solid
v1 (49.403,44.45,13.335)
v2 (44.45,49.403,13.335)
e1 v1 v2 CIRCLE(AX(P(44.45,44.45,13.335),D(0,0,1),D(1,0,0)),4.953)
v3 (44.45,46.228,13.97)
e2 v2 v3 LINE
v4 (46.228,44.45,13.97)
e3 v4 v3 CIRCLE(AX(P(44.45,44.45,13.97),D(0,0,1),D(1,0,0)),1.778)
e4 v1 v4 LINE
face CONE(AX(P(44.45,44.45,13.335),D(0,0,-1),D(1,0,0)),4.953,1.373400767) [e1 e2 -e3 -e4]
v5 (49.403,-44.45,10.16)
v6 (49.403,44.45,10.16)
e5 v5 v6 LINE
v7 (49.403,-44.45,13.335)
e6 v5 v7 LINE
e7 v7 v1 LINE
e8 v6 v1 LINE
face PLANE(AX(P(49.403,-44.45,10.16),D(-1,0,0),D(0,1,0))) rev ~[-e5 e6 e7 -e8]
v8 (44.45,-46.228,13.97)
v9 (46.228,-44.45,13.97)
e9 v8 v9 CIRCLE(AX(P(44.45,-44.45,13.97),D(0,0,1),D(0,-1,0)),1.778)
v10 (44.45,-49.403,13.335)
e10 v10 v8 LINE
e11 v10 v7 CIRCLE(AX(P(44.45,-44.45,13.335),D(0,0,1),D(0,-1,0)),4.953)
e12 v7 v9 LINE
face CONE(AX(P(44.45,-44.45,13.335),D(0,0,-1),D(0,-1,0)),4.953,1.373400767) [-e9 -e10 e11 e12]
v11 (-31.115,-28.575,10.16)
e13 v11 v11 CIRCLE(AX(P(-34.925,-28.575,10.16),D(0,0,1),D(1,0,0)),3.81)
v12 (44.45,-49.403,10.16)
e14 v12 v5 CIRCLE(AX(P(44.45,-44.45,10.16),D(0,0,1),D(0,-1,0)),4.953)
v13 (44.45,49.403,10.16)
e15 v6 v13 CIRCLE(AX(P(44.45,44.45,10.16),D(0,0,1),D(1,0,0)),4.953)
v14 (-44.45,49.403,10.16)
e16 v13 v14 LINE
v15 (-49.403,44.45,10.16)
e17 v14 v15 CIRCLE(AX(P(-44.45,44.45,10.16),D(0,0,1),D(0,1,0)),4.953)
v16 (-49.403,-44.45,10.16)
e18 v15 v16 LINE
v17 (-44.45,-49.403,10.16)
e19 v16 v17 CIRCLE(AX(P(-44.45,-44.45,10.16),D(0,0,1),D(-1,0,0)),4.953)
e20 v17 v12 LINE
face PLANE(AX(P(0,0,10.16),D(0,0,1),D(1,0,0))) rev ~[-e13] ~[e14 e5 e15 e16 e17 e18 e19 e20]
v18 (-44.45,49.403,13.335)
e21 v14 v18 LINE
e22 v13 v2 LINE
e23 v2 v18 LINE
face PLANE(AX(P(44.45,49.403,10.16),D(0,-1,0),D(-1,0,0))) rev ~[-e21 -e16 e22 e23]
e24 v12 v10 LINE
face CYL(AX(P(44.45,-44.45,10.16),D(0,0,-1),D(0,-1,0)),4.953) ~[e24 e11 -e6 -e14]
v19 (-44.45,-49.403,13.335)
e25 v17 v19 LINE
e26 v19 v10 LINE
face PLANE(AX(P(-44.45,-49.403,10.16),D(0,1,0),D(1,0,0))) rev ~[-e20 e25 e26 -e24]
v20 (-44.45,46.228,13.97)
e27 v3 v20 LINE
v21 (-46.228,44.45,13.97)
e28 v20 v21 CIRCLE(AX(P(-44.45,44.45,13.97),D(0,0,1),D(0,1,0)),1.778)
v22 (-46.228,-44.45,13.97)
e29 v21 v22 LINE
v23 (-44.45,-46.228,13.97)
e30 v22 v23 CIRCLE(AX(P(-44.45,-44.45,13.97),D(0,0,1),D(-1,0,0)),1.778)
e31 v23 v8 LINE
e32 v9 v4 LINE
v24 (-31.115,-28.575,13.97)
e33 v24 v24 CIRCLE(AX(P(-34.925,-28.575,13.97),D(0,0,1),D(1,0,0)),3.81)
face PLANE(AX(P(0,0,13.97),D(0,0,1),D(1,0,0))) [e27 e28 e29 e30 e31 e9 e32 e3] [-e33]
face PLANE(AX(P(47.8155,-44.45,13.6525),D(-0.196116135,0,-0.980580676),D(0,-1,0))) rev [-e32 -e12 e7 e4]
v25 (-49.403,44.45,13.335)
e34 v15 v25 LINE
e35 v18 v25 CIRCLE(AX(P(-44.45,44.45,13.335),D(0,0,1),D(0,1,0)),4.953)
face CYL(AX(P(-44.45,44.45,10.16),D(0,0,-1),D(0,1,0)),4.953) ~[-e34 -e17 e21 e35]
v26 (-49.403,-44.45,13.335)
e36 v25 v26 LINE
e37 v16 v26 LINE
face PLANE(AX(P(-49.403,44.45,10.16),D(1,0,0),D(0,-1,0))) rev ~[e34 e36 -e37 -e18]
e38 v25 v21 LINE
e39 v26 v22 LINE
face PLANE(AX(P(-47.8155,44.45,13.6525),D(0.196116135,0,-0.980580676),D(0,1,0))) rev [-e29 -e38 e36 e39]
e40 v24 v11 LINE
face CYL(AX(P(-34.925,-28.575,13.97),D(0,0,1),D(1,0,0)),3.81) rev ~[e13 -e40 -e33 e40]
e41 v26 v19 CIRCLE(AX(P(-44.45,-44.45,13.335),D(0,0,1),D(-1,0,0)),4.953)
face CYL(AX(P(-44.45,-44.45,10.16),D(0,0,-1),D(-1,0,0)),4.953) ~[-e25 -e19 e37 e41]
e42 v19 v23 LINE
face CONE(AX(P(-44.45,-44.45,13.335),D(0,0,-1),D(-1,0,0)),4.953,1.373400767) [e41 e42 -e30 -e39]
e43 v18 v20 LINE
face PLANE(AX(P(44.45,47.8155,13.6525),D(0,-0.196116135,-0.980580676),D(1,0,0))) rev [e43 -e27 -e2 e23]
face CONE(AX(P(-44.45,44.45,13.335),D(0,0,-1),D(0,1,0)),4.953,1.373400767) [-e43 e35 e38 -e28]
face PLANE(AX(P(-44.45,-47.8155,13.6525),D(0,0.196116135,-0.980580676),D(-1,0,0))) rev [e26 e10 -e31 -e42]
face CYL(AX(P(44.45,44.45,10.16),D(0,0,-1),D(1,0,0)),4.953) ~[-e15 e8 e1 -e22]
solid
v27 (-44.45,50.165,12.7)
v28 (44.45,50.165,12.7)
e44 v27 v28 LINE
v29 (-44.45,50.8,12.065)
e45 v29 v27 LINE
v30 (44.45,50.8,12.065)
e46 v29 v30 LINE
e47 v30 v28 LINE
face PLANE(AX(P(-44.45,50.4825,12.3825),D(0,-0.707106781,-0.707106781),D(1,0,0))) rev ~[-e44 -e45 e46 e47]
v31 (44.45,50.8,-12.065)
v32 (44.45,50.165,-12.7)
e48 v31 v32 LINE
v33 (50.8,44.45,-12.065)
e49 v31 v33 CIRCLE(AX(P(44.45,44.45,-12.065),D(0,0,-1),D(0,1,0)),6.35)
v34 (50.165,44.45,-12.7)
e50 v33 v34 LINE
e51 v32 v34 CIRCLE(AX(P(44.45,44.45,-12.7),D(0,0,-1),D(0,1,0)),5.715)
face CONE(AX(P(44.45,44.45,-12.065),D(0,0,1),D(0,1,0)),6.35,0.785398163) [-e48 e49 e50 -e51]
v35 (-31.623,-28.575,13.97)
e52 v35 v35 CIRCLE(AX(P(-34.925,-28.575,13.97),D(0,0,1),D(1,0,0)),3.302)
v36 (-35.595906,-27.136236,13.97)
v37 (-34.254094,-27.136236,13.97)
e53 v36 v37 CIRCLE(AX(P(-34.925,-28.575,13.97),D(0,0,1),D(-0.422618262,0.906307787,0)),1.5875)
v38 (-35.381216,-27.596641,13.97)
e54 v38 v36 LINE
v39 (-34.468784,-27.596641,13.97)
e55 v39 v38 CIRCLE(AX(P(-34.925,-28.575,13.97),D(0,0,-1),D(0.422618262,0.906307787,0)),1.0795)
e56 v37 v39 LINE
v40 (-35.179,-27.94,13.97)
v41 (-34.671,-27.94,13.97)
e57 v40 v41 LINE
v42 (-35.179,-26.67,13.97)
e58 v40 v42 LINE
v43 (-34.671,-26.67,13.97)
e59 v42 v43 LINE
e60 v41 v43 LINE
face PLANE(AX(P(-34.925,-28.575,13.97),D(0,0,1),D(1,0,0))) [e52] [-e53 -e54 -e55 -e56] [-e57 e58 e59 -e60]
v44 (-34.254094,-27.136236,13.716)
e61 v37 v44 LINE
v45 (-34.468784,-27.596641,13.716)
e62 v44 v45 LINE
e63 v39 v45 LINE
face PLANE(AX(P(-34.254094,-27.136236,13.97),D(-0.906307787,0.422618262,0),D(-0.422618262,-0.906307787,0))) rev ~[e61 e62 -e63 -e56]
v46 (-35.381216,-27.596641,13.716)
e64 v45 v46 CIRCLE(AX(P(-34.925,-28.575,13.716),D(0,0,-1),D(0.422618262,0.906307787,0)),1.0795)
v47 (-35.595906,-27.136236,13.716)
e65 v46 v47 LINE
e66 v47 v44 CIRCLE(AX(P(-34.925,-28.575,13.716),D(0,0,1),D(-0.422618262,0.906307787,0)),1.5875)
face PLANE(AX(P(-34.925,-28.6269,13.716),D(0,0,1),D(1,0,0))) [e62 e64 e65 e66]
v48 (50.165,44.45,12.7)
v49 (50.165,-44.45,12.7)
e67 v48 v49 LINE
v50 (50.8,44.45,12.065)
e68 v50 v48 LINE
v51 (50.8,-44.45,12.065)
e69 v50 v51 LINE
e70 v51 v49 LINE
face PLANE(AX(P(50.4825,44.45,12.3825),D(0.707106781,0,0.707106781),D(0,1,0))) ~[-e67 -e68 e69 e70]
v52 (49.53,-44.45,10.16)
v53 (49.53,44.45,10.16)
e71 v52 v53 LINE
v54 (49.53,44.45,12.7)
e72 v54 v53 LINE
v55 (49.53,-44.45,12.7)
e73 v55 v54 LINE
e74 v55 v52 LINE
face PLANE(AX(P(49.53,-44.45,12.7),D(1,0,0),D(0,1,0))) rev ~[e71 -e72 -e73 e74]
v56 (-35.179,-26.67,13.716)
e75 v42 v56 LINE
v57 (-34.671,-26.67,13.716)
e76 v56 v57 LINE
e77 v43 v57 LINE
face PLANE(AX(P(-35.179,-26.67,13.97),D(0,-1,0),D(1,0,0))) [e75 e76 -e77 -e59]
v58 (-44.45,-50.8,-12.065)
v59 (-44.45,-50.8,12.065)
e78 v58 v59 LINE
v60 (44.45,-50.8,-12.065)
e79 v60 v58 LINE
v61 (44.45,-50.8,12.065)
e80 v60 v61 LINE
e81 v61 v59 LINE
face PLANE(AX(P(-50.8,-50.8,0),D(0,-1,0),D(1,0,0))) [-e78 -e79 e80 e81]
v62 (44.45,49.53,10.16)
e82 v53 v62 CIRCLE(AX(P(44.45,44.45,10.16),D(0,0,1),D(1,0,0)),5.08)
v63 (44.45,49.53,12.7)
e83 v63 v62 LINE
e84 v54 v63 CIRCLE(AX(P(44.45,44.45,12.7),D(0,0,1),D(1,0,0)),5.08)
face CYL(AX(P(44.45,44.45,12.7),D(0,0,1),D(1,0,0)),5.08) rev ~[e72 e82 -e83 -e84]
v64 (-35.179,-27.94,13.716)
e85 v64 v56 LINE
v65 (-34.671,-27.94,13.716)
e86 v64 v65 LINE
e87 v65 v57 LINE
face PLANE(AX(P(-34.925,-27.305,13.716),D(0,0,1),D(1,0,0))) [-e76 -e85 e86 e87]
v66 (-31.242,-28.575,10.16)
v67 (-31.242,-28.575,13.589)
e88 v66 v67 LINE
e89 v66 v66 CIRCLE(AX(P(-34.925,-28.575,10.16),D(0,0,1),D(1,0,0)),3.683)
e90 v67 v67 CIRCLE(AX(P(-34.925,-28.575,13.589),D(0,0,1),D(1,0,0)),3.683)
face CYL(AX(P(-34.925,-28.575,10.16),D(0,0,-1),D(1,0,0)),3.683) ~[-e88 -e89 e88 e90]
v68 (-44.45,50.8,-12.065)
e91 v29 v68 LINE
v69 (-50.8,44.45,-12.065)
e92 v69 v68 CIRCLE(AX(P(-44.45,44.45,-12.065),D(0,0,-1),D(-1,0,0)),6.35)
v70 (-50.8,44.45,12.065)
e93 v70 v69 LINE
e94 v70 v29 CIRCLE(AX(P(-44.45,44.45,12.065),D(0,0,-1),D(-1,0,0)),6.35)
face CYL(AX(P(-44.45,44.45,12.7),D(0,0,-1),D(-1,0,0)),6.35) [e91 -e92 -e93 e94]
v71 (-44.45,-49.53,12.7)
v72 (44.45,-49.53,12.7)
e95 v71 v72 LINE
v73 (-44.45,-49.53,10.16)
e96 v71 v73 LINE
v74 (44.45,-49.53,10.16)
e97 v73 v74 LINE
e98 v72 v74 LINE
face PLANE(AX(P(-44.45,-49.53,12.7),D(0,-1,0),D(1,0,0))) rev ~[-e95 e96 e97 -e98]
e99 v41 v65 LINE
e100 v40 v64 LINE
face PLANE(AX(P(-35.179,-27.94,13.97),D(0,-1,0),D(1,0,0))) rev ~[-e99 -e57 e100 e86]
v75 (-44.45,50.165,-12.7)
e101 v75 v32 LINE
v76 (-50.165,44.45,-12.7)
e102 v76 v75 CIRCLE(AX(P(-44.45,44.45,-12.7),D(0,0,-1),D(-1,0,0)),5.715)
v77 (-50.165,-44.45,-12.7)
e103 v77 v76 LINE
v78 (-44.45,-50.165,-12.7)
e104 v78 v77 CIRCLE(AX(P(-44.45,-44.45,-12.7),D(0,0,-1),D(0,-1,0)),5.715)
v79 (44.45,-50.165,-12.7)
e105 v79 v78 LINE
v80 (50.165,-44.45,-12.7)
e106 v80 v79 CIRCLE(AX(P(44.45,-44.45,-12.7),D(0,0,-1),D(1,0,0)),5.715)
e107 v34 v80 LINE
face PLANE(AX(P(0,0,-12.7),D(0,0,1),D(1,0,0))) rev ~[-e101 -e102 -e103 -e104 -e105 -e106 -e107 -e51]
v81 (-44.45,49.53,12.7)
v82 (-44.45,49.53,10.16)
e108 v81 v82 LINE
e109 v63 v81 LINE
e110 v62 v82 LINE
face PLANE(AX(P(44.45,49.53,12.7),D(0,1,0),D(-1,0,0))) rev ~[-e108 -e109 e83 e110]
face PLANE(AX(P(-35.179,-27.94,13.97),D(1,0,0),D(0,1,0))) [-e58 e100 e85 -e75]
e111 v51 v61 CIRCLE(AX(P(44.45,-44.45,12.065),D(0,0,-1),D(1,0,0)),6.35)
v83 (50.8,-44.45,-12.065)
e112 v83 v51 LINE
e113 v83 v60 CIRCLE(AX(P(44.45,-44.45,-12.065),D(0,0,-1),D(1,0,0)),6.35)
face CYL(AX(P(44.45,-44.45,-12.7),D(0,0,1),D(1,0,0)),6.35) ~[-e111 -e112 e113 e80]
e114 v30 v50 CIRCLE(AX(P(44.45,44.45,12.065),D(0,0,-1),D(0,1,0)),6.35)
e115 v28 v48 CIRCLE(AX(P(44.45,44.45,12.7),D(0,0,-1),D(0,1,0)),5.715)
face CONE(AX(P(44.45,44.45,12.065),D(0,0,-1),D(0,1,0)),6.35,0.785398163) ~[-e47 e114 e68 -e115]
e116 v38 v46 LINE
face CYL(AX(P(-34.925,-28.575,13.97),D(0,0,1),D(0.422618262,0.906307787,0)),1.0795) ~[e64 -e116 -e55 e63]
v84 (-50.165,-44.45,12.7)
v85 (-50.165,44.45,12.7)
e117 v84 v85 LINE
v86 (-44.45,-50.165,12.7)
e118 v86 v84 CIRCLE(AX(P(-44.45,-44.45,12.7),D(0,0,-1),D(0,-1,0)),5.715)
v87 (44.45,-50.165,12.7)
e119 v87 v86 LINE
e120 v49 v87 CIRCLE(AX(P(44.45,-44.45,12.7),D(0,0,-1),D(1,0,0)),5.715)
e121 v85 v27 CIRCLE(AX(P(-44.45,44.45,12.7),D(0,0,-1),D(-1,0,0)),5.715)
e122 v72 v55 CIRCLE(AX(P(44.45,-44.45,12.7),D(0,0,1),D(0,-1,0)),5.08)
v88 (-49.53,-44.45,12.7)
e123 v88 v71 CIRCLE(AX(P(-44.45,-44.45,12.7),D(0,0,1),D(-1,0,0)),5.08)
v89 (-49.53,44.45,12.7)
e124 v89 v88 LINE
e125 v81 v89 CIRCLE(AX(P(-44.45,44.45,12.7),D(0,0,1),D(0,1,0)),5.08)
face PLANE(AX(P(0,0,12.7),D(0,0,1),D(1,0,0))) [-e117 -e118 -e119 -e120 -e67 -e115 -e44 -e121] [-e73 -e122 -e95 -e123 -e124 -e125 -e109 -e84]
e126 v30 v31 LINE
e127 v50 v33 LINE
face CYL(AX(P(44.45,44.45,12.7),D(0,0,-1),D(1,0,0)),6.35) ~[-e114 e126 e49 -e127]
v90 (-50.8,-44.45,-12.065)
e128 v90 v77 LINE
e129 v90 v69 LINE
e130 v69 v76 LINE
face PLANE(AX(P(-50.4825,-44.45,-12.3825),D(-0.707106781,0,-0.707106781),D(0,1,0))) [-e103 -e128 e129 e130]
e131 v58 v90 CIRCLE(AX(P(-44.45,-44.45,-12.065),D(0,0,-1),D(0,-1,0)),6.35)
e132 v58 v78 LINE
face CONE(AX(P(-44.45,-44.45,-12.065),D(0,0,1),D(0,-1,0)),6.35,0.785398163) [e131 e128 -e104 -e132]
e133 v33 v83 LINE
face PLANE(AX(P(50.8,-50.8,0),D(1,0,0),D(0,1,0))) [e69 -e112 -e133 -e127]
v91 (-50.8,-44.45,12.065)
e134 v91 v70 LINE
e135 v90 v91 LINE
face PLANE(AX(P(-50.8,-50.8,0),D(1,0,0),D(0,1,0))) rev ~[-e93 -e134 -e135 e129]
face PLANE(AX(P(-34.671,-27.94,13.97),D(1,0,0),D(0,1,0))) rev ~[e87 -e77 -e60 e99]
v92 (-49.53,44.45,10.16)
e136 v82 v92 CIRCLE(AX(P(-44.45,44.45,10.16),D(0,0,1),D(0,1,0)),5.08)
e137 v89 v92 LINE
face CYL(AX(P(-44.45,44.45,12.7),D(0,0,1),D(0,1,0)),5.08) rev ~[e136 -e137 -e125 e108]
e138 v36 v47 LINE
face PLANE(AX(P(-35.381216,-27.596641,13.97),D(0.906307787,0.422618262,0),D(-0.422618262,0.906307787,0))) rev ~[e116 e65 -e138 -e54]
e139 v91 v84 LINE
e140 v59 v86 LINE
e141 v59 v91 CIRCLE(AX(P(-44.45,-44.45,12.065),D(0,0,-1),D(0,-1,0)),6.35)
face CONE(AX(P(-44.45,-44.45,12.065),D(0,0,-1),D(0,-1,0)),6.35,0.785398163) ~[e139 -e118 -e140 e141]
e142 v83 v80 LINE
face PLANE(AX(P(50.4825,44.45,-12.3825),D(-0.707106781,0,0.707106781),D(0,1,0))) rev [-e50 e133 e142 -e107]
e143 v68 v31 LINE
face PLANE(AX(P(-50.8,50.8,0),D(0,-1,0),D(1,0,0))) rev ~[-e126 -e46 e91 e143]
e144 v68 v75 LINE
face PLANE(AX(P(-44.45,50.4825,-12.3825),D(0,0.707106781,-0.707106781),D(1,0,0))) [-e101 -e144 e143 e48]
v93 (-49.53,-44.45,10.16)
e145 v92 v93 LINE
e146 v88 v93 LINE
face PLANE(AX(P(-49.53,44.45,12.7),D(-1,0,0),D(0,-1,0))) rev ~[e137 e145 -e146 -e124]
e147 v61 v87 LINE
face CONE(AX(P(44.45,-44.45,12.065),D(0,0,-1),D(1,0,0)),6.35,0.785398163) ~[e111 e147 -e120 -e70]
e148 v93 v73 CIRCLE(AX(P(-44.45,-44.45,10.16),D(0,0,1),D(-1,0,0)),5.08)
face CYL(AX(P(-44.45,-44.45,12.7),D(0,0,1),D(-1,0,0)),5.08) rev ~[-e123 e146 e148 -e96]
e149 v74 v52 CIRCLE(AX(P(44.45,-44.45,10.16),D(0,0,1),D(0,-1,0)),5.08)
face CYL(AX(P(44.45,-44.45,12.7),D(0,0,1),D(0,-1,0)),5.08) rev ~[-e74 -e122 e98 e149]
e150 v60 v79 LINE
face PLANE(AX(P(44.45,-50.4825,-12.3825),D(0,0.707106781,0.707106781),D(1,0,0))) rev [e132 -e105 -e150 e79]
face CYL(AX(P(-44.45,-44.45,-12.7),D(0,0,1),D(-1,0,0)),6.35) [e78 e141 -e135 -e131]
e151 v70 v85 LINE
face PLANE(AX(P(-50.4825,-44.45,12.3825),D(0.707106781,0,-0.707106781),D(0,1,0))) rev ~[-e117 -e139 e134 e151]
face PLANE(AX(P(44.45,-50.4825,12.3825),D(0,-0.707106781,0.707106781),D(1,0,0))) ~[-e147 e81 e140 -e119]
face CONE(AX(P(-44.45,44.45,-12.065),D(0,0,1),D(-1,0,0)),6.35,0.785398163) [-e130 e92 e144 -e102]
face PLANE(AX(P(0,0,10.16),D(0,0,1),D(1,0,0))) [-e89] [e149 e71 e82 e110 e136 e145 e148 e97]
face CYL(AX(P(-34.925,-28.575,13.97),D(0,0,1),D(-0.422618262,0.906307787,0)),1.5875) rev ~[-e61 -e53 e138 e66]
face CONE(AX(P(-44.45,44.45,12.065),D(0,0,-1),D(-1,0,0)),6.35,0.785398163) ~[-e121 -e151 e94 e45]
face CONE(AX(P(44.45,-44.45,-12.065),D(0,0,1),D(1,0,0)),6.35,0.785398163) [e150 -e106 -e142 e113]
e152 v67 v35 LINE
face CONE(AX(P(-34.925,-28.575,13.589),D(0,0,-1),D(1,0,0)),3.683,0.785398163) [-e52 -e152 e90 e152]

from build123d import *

# Parameters (mm, degrees)
F0_W      = 101.6
F0_H      = 101.6
F1_DEPTH  = 12.7
F2_R      = 6.35
F4_DEPTH  = 2.54
F6_DEPTH  = 3.81
F7_SIZE   = 0.635
F8_SIZE2  = 3.175
F8_SIZE   = 0.635
F9_R      = 3.81
F10_DEPTH = 3.81
F11_R     = 3.683
F12_DEPTH = 3.81
F13_SIZE  = 0.381
F14_W     = 0.508
F14_H     = 1.27
F15_DEPTH = 0.254


with BuildPart() as f1:
    # F0 (on Top) → F1 (new body, symmetric)
    with BuildSketch(Plane.XY):
        Rectangle(F0_W, F0_H)
    extrude(amount=F1_DEPTH, both=True)

    # F2
    f2_edges = [f1.edges().sort_by_distance(p)[0] for p in [
        (-50.8, 50.8, 0),
        (50.8, 50.8, 0),
        (50.8, -50.8, 0),
        (-50.8, -50.8, 0),
    ]]
    fillet(f2_edges, radius=F2_R)

    # F3 (on face) → F4 (cut)
    with BuildSketch(Plane.XY.offset(12.7)):
        with BuildLine():
            Line((44.45, 49.53), (-44.45, 49.53))
            ThreePointArc((-44.45, 49.53), (-48.0421024484, 48.0421024484), (-49.53, 44.45))
            Line((-49.53, 44.45), (-49.53, -44.45))
            ThreePointArc((-49.53, -44.45), (-48.0421024484, -48.0421024484), (-44.45, -49.53))
            Line((-44.45, -49.53), (44.45, -49.53))
            ThreePointArc((44.45, -49.53), (48.0421024484, -48.0421024484), (49.53, -44.45))
            Line((49.53, -44.45), (49.53, 44.45))
            ThreePointArc((49.53, 44.45), (48.0421024484, 48.0421024484), (44.45, 49.53))
        make_face()
    extrude(amount=-F4_DEPTH, mode=Mode.SUBTRACT)

    # F7
    f7_edges = [f1.edges().sort_by_distance(p)[0] for p in [
        (-50.8, 0, 12.7),
        (-48.940128, 48.940128, 12.7),
        (0, 50.8, 12.7),
        (48.940128, 48.940128, 12.7),
        (-50.8, 0, -12.7),
    ]]
    chamfer(f7_edges, length=F7_SIZE)

    # F11 (on face) → F12 (join)
    with BuildSketch(Plane.XY.offset(10.16)):
        with Locations((-34.925, -28.575)):
            Circle(F11_R)
    extrude(amount=F12_DEPTH)

    # F13
    f13_edges = [f1.edges().sort_by_distance(p)[0] for p in [
        (-38.608, -28.575, 13.97),
    ]]
    chamfer(f13_edges, length=F13_SIZE)

    # F14 (on face) → F15 (cut)
    with BuildSketch(Plane.XY.offset(13.97)):
        with BuildLine():
            Line((-35.3812164135, -27.5966407439), (-35.5959064905, -27.1362363881))
            ThreePointArc((-35.5959064905, -27.1362363881), (-34.925, -30.1625), (-34.2540935095, -27.1362363881))
            Line((-34.2540935095, -27.1362363881), (-34.4687835865, -27.5966407439))
            ThreePointArc((-34.4687835865, -27.5966407439), (-34.925, -29.6545), (-35.3812164135, -27.5966407439))
        make_face()
        with Locations((-34.925, -27.305)):
            Rectangle(F14_W, F14_H)
    extrude(amount=-F15_DEPTH, mode=Mode.SUBTRACT)


with BuildPart() as f6:
    # F5 (on face) → F6 (new body)
    with BuildSketch(Plane.XY.offset(10.16)):
        with BuildLine():
            ThreePointArc((-44.45, 49.403), (-47.9522998872, 47.9522998872), (-49.403, 44.45))
            Line((-49.403, 44.45), (-49.403, -44.45))
            ThreePointArc((-49.403, -44.45), (-47.9522998872, -47.9522998872), (-44.45, -49.403))
            Line((-44.45, -49.403), (44.45, -49.403))
            ThreePointArc((44.45, -49.403), (47.9522998872, -47.9522998872), (49.403, -44.45))
            Line((49.403, -44.45), (49.403, 44.45))
            ThreePointArc((49.403, 44.45), (47.9522998872, 47.9522998872), (44.45, 49.403))
            Line((44.45, 49.403), (-44.45, 49.403))
        make_face()
    extrude(amount=F6_DEPTH)

    # F8
    f8_edges = [f6.edges().sort_by_distance(p)[0] for p in [
        (-49.403, 0, 13.97),
    ]]
    f8_side = f6.faces().sort_by_distance((-49.403, 0, 12.065))[0]
    chamfer(f8_edges, length=F8_SIZE, length2=F8_SIZE2, reference=f8_side)

    # F9 (on face) → F10 (cut)
    with BuildSketch(Plane.XY.offset(13.97)):
        with Locations((-34.925, -28.575)):
            Circle(F9_R)
    extrude(amount=-F10_DEPTH, mode=Mode.SUBTRACT)


solid = Compound([f1.part, f6.part])
